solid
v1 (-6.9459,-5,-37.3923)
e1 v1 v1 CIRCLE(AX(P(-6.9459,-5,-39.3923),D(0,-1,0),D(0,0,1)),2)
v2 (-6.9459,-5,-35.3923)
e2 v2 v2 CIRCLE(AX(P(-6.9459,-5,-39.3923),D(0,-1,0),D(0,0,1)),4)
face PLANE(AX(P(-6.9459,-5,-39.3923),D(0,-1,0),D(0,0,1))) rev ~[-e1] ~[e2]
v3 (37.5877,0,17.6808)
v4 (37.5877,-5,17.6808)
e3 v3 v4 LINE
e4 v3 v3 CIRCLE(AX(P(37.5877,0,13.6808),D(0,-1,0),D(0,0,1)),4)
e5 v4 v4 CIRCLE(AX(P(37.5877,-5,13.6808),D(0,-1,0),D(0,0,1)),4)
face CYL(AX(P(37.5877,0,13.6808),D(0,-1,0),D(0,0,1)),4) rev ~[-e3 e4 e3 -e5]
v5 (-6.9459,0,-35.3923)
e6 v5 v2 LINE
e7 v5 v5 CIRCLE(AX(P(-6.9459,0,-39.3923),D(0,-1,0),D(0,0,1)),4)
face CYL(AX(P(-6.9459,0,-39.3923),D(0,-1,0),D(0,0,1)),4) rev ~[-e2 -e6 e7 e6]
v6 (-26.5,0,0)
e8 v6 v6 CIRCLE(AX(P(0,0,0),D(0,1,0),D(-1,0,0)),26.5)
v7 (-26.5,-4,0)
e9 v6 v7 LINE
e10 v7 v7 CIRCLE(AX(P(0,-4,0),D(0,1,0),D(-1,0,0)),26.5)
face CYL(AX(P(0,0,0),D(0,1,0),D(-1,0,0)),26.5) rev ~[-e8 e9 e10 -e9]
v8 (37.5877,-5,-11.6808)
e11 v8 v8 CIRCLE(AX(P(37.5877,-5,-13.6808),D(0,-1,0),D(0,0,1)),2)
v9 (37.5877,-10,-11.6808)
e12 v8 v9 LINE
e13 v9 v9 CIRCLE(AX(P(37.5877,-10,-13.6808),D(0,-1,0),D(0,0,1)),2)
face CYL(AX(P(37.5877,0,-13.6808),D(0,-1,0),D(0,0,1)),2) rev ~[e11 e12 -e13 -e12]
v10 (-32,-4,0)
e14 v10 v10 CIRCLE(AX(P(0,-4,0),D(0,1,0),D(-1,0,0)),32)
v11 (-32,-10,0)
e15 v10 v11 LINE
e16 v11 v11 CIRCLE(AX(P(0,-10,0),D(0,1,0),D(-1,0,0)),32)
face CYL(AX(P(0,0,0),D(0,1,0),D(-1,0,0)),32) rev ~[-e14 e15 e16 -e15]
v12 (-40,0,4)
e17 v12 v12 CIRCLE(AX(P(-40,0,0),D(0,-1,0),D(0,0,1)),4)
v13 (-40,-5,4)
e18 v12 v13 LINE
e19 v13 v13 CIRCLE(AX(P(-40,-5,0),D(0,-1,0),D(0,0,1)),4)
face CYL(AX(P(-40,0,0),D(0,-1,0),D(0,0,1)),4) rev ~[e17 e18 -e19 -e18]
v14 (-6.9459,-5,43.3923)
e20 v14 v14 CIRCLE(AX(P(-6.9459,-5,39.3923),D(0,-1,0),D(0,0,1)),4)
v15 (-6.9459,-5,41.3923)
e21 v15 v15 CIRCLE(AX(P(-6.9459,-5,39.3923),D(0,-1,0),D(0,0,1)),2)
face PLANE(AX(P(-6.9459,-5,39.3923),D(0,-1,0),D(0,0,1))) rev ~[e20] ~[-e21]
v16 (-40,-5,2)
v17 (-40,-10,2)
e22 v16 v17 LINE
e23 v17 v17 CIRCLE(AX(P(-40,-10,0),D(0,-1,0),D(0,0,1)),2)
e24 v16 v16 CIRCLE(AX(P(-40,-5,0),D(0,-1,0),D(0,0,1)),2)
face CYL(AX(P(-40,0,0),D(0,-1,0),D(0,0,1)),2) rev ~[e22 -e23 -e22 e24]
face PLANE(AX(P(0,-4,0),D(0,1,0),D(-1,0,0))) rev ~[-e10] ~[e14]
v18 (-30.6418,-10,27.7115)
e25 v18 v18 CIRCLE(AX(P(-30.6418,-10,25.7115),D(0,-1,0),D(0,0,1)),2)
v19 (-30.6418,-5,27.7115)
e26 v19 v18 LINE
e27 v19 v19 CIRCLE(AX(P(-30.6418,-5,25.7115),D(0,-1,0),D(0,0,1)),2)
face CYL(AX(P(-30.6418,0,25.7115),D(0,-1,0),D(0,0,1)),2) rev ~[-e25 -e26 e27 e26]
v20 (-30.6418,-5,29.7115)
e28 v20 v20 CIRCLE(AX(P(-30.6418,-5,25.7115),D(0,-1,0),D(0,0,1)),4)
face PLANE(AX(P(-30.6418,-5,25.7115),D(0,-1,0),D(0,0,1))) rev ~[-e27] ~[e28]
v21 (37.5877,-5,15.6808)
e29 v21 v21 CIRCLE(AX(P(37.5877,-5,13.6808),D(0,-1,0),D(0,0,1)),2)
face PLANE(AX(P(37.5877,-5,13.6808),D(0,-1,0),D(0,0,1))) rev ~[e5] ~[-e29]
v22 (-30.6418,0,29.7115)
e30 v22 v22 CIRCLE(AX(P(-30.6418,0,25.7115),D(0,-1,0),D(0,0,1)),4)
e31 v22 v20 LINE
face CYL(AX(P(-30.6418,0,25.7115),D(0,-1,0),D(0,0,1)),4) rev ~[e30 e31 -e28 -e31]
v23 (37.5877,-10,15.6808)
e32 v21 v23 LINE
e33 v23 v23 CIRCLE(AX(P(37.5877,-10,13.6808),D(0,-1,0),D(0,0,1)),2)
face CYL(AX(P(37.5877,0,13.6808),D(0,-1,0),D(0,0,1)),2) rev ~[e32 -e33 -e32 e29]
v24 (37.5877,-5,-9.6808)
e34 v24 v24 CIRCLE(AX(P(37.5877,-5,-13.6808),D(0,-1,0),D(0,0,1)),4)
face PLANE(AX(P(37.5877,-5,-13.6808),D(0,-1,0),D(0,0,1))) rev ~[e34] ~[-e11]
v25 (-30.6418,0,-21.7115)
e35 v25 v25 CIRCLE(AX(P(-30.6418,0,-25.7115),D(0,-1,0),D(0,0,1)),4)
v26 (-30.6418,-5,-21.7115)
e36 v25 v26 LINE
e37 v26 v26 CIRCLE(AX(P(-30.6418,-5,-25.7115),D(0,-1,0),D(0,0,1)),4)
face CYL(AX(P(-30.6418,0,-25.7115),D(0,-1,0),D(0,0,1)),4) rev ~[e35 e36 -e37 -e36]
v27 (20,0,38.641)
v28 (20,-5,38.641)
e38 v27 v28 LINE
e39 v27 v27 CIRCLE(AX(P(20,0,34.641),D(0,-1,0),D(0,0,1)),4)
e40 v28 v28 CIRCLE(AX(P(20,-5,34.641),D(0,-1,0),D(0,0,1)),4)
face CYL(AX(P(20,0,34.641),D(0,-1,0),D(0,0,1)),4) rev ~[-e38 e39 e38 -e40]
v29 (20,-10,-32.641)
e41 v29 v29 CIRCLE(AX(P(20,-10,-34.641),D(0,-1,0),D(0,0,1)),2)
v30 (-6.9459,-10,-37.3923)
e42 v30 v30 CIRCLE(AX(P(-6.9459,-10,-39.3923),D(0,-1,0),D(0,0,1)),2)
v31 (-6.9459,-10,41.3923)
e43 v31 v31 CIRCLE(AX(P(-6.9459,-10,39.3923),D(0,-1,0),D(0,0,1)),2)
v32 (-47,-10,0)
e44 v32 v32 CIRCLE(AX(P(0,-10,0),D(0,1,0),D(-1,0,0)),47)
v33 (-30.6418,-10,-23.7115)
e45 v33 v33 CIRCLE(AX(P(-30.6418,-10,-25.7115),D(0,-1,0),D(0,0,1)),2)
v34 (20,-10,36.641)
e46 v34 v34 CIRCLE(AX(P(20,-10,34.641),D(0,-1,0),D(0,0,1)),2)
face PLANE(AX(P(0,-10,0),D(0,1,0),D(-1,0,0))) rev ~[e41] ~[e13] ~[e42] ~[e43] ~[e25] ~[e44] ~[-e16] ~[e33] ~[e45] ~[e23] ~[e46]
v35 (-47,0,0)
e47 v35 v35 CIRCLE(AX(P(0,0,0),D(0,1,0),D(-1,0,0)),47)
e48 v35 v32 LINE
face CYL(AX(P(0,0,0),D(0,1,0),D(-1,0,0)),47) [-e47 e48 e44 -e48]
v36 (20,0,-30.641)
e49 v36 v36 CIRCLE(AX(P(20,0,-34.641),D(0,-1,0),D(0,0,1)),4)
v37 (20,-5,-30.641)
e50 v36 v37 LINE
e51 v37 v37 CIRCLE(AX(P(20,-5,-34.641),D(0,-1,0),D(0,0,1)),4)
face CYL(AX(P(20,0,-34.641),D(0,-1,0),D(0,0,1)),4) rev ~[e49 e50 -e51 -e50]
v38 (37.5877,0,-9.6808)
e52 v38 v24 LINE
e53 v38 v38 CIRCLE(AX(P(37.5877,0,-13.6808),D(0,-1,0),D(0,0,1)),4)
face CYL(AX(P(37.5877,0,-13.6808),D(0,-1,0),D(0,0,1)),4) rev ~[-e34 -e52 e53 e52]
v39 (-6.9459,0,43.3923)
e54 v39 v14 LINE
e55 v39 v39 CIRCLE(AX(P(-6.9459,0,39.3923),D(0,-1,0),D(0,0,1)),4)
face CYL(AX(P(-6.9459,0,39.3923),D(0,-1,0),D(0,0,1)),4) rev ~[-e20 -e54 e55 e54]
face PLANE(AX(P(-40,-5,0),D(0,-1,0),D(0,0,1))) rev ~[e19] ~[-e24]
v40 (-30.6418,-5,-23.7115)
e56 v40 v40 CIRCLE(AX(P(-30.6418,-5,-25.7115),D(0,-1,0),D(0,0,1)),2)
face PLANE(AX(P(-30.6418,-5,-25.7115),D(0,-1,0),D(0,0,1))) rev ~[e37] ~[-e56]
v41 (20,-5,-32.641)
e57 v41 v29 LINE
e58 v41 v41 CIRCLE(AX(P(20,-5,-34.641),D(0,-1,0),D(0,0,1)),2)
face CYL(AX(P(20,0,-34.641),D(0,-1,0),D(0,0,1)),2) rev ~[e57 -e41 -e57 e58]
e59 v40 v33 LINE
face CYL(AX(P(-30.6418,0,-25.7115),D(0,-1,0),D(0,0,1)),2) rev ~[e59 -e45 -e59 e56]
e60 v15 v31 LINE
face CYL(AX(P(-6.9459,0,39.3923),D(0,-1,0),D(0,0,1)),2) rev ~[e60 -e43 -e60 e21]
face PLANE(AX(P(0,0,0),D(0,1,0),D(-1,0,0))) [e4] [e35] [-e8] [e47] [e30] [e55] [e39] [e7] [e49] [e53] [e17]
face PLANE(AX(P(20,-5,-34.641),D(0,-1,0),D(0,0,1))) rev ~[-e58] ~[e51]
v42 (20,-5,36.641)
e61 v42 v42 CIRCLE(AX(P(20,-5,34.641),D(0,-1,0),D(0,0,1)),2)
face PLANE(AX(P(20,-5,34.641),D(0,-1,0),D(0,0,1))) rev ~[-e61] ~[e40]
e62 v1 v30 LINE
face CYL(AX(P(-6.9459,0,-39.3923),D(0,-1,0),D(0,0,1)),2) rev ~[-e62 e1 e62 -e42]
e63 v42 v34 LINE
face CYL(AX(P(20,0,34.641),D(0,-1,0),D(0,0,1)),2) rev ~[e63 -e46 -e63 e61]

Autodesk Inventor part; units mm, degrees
ref_plane "YZ Plane" through (0, 0, 0) normal (1, 0, 0) x (0, 1, 0)
ref_plane "XZ Plane" through (0, 0, 0) normal (0, 1, 0) x (-1, 0, 0)
ref_plane "XY Plane" through (0, 0, 0) normal (0, 0, 1) x (1, 0, 0)
sketch "Sketch9" plane through (0, 0, 0) normal (0, 1, 0) x (-1, 0, 0)
  circle A0 centre (0, 0) radius 32
  circle A1 centre (0, 0) radius 47
  circle A2 centre (0, 0) radius 26.5
  dimension "d54" = 64
  dimension "d55" = 94
  dimension "d56" = 53
extrude "Extrusion8" add sketch "Sketch9" against normal blind 4 contours A0
extrude "Extrusion9" add sketch "Sketch9" against normal blind 10 contours A1
sketch "Sketch10" plane through (0, 0, 0) normal (0, 1, 0) x (1, 0, 0)
  circle A0 centre (0, 0) radius 40
  point P0 (-40, 0)
  point P1 (-30.6418, -25.7115)
  point P2 (-6.9459, -39.3923)
  point P3 (20, -34.641)
  point P4 (37.5877, -13.6808)
  point P5 (37.5877, 13.6808)
  point P6 (20, 34.641)
  point P7 (-6.9459, 39.3923)
  point P8 (-30.6418, 25.7115)
  dimension "d61" = 80
  dimension "d64" = 360
hole "Hole1" at (-40, 0, 0) at (-30.6418, 0, 25.7115) at (-6.9459, 0, 39.3923) at (20, 0, 34.641) at (37.5877, 0, 13.6808) at (37.5877, 0, -13.6808) at (20, 0, -34.641) at (-6.9459, 0, -39.3923) at (-30.6418, 0, -25.7115) direction (0, -1, 0) diameter 8 depth 5
hole "Hole2" at (-30.6418, 0, -25.7115) at (-6.9459, 0, -39.3923) at (20, 0, -34.641) at (37.5877, 0, -13.6808) at (37.5877, 0, 13.6808) at (-40, 0, 0) at (20, 0, 34.641) at (-6.9459, 0, 39.3923) at (-30.6418, 0, 25.7115) direction (0, -1, 0) diameter 4 depth 10
properties part number "GFK_Ring_oben" material "Default New Material"
